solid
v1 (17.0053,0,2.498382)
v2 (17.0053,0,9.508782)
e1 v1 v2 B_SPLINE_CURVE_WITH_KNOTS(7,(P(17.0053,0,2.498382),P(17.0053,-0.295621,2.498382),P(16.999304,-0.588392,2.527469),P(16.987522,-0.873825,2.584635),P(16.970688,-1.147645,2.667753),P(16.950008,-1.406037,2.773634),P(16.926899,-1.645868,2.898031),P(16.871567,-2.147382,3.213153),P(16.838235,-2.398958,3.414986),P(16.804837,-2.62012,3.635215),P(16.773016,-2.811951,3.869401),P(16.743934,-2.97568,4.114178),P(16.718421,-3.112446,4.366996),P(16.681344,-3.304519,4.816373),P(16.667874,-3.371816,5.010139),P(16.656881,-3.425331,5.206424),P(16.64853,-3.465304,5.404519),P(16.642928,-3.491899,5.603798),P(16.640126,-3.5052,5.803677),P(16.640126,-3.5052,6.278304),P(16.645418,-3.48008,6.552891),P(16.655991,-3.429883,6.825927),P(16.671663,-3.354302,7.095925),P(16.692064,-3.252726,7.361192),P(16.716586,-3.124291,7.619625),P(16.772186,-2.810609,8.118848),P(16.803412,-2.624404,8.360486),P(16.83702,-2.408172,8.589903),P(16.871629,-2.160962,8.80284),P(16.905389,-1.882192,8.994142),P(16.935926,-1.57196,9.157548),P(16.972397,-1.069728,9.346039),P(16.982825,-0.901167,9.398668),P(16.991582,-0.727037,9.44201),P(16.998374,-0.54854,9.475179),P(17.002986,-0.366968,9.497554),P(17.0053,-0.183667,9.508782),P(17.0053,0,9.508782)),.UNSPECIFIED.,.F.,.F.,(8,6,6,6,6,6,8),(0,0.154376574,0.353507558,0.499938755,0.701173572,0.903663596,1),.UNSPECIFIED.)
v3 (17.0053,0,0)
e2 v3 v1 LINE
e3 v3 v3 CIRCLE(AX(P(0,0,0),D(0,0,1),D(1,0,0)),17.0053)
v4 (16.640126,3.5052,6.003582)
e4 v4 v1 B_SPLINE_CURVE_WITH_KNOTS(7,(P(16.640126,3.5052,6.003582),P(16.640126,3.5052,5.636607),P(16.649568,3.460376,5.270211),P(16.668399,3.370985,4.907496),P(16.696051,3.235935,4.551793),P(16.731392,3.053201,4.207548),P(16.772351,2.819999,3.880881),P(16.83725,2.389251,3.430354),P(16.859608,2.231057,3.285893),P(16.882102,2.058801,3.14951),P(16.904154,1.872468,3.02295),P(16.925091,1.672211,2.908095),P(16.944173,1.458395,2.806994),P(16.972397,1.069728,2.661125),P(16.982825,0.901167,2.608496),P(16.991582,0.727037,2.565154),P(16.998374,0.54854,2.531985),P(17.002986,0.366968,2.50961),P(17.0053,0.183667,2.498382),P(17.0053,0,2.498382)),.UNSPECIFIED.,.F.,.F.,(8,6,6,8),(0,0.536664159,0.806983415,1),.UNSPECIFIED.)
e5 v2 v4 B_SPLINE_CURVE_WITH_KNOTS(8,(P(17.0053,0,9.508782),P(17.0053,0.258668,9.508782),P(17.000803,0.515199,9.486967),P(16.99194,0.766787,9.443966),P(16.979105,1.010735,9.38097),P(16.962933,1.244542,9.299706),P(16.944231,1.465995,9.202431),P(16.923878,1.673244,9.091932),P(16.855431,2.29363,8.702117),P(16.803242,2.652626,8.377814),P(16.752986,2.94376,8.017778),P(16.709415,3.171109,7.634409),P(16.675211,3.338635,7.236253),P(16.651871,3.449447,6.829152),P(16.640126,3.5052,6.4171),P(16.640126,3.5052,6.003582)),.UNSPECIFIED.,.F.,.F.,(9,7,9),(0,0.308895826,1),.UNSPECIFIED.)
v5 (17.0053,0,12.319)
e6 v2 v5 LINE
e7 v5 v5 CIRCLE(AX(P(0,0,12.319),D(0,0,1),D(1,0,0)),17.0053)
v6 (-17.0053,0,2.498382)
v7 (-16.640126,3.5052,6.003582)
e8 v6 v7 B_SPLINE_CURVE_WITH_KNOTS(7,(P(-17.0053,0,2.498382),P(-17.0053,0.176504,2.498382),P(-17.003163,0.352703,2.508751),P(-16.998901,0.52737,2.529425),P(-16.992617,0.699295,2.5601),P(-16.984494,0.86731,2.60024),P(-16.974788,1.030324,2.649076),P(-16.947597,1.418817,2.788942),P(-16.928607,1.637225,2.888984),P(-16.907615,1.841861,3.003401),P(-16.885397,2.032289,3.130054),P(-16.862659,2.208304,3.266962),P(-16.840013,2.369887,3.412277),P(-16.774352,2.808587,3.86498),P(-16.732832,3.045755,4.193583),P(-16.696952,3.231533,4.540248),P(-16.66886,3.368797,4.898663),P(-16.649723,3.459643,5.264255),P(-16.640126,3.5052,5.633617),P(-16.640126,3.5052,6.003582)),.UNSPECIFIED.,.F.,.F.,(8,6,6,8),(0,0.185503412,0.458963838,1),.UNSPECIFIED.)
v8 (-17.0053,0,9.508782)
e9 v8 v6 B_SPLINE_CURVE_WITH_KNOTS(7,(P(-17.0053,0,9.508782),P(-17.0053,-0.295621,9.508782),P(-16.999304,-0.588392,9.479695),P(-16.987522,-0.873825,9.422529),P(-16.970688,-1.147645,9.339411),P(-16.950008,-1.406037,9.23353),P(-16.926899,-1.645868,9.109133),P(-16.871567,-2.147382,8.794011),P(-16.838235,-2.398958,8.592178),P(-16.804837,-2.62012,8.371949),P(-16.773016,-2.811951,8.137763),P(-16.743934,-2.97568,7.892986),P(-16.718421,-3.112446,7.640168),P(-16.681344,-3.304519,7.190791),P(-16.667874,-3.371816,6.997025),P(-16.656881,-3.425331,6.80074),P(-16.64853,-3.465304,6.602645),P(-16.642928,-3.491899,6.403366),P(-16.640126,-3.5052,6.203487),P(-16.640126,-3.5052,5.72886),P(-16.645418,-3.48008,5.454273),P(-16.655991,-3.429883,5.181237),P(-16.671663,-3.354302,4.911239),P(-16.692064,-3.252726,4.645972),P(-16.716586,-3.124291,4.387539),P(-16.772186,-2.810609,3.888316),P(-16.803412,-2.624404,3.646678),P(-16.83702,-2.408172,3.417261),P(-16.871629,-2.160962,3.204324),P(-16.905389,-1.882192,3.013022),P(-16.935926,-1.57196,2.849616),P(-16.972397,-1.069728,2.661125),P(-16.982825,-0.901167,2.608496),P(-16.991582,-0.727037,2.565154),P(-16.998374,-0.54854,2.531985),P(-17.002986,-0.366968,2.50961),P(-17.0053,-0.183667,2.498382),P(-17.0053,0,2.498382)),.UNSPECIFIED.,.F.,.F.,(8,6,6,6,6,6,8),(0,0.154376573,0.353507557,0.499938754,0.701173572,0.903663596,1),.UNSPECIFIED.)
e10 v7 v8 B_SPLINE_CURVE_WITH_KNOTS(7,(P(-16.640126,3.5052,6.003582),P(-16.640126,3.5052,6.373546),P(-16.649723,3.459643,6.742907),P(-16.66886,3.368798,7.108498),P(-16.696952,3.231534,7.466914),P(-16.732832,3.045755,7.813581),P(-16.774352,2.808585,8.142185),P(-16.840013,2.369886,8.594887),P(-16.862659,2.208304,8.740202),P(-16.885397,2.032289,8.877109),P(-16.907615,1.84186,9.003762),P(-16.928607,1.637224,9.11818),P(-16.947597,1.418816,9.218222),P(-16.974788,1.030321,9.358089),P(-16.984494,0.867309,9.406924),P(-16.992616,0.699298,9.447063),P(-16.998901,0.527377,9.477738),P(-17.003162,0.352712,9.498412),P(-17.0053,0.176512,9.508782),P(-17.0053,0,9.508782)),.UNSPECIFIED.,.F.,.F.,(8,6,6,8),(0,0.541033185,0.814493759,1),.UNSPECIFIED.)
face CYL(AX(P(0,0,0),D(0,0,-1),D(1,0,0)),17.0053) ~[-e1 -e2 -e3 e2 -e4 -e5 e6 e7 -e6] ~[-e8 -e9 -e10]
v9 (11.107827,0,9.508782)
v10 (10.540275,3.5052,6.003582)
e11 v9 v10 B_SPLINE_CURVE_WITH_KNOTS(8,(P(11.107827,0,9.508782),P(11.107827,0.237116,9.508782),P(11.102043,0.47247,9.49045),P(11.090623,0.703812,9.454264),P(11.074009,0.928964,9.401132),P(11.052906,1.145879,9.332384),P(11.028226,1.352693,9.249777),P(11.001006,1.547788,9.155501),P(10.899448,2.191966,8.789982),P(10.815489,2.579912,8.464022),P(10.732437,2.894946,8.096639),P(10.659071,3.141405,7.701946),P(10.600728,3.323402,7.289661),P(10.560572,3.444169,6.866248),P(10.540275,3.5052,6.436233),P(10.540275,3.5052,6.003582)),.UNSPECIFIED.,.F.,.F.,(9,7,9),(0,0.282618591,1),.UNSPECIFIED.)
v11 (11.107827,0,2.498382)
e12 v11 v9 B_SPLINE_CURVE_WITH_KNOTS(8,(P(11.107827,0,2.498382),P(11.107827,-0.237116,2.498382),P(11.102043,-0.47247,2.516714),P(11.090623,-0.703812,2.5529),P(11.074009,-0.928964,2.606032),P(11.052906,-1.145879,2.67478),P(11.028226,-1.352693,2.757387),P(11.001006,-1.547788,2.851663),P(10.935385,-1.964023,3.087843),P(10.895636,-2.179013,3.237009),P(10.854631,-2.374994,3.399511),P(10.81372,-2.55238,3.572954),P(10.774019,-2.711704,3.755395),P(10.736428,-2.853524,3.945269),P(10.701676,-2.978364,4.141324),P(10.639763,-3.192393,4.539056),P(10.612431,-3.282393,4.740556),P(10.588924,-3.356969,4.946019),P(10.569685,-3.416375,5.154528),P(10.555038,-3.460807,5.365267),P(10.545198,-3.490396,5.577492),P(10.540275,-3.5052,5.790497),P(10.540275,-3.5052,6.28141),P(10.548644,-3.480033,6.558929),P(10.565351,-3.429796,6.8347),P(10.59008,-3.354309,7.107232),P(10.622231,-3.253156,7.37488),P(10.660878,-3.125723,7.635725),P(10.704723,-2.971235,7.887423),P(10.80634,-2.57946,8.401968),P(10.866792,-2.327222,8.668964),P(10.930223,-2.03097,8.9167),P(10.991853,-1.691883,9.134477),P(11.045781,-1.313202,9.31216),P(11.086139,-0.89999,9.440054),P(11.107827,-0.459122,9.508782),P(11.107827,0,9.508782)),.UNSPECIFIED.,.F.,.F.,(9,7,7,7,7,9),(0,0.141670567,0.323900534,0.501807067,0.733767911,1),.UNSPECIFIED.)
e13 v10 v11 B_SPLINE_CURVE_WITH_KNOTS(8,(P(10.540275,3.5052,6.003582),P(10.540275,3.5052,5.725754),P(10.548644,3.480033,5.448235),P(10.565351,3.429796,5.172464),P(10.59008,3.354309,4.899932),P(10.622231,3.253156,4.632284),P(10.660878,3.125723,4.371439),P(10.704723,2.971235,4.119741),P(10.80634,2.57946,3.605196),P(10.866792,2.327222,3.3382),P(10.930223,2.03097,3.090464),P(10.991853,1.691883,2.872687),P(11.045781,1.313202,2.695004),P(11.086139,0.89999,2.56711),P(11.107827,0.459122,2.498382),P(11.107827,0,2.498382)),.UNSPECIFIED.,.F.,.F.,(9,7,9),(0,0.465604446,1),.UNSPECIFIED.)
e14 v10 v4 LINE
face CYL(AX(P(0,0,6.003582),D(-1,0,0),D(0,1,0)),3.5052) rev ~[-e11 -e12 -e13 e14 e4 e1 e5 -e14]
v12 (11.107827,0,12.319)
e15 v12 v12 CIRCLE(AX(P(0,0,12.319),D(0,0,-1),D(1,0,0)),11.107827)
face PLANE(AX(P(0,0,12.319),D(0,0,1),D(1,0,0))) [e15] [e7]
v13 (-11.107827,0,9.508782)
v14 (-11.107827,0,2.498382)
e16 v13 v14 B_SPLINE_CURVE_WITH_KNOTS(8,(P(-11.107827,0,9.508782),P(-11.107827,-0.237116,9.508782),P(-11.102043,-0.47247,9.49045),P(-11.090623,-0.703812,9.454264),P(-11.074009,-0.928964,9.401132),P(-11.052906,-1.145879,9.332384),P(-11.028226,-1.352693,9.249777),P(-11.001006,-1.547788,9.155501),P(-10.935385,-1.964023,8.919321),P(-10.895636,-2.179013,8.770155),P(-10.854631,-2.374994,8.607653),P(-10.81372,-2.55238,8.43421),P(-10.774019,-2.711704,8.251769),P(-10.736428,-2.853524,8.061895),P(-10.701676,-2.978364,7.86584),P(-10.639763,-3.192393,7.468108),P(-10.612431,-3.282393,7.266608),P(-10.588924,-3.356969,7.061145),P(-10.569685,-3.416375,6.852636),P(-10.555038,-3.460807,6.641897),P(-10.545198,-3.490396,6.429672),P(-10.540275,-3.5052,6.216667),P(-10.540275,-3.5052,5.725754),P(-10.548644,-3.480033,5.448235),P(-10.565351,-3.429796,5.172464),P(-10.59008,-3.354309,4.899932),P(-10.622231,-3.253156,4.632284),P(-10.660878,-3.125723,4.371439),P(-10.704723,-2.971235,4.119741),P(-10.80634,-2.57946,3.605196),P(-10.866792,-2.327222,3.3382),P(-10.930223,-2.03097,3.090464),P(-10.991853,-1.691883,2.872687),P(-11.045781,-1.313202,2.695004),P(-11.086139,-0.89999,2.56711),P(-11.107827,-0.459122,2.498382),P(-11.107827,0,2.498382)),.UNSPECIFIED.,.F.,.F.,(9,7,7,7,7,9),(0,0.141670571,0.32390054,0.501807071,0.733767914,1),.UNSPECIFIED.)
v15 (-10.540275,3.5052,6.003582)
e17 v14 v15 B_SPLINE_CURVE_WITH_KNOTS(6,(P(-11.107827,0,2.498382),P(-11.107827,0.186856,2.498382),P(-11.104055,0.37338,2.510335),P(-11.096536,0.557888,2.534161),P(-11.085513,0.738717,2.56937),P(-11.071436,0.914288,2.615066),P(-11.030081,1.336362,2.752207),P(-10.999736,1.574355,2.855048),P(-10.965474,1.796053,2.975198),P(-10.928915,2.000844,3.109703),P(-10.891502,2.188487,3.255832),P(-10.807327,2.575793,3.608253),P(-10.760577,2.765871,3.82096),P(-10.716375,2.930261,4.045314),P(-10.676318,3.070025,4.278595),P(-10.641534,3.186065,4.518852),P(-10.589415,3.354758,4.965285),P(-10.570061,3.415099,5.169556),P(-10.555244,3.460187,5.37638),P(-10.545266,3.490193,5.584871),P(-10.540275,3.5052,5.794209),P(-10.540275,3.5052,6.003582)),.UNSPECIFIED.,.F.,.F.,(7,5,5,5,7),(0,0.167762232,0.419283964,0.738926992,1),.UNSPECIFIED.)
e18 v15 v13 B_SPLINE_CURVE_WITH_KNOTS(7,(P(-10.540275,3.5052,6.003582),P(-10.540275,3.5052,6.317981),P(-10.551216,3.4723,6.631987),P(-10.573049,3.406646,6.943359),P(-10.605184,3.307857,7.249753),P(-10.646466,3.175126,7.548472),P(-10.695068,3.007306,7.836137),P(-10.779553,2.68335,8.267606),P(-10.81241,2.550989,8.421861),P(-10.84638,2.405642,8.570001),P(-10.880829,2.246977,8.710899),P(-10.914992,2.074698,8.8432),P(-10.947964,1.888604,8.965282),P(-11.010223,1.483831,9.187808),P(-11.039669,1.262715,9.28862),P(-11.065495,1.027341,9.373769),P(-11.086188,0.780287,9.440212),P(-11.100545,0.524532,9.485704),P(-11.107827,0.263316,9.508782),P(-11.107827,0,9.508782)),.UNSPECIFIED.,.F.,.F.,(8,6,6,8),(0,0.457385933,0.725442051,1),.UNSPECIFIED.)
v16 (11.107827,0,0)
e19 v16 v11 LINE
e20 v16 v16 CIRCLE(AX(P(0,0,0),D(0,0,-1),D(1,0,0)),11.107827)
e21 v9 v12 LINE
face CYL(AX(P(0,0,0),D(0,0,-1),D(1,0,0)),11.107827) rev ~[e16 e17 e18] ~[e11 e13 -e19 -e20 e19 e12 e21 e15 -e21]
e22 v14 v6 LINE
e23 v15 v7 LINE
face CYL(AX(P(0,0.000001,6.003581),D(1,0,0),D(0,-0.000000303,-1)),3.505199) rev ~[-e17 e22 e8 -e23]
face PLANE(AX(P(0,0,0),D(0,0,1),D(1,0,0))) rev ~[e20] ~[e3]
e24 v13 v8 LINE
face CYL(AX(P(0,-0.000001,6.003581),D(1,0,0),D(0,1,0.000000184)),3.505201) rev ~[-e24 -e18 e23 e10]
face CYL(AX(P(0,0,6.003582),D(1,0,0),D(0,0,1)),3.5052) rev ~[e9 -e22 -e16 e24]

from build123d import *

# Parameters (mm, degrees)
F0_R      = 17.0053
F1_DEPTH  = 12.319
F3_DEPTH  = 25.4
F3_FACE_R = 3.5052
F4_DEPTH  = 25.4
F5_R      = 11.107827
F6_DEPTH  = 25.4


with BuildPart() as f1:
    # F0 (on Top) → F1 (new body)
    with BuildSketch(Plane.XY):
        Circle(F0_R)
    extrude(amount=F1_DEPTH)

    # F2 (on Right) → F3 (cut)
    with BuildSketch(Plane.YZ):
        with BuildLine():
            ThreePointArc((0, 9.508782), (-3.5052, 6.003582), (0, 2.498382))
            Line((0, 2.498382), (0, 6.003582))
            Line((0, 6.003582), (0, 9.508782))
        make_face()
        with BuildLine():
            Line((0, 6.003582), (0, 2.498382))
            ThreePointArc((0, 2.498382), (2.478551, 3.525031), (3.5052, 6.003582))
            ThreePointArc((3.5052, 6.003582), (2.478551, 8.482132), (0, 9.508782))
            Line((0, 9.508782), (0, 6.003582))
        make_face()
    extrude(amount=-F3_DEPTH, mode=Mode.SUBTRACT)

    # F3_face (on face) → F4 (cut)
    with BuildSketch(Plane(origin=(0, 0, 6.003582), x_dir=(0, 1, 0), z_dir=(-1, 0, 0))):
        Circle(F3_FACE_R)
    extrude(amount=-F4_DEPTH, mode=Mode.SUBTRACT)

    # F5 (on face) → F6 (cut)
    with BuildSketch(Plane(origin=(0, 0, 0), x_dir=(1, 0, 0), z_dir=(0, 0, -1))):
        Circle(F5_R)
    extrude(amount=-F6_DEPTH, mode=Mode.SUBTRACT)


solid = f1.part
